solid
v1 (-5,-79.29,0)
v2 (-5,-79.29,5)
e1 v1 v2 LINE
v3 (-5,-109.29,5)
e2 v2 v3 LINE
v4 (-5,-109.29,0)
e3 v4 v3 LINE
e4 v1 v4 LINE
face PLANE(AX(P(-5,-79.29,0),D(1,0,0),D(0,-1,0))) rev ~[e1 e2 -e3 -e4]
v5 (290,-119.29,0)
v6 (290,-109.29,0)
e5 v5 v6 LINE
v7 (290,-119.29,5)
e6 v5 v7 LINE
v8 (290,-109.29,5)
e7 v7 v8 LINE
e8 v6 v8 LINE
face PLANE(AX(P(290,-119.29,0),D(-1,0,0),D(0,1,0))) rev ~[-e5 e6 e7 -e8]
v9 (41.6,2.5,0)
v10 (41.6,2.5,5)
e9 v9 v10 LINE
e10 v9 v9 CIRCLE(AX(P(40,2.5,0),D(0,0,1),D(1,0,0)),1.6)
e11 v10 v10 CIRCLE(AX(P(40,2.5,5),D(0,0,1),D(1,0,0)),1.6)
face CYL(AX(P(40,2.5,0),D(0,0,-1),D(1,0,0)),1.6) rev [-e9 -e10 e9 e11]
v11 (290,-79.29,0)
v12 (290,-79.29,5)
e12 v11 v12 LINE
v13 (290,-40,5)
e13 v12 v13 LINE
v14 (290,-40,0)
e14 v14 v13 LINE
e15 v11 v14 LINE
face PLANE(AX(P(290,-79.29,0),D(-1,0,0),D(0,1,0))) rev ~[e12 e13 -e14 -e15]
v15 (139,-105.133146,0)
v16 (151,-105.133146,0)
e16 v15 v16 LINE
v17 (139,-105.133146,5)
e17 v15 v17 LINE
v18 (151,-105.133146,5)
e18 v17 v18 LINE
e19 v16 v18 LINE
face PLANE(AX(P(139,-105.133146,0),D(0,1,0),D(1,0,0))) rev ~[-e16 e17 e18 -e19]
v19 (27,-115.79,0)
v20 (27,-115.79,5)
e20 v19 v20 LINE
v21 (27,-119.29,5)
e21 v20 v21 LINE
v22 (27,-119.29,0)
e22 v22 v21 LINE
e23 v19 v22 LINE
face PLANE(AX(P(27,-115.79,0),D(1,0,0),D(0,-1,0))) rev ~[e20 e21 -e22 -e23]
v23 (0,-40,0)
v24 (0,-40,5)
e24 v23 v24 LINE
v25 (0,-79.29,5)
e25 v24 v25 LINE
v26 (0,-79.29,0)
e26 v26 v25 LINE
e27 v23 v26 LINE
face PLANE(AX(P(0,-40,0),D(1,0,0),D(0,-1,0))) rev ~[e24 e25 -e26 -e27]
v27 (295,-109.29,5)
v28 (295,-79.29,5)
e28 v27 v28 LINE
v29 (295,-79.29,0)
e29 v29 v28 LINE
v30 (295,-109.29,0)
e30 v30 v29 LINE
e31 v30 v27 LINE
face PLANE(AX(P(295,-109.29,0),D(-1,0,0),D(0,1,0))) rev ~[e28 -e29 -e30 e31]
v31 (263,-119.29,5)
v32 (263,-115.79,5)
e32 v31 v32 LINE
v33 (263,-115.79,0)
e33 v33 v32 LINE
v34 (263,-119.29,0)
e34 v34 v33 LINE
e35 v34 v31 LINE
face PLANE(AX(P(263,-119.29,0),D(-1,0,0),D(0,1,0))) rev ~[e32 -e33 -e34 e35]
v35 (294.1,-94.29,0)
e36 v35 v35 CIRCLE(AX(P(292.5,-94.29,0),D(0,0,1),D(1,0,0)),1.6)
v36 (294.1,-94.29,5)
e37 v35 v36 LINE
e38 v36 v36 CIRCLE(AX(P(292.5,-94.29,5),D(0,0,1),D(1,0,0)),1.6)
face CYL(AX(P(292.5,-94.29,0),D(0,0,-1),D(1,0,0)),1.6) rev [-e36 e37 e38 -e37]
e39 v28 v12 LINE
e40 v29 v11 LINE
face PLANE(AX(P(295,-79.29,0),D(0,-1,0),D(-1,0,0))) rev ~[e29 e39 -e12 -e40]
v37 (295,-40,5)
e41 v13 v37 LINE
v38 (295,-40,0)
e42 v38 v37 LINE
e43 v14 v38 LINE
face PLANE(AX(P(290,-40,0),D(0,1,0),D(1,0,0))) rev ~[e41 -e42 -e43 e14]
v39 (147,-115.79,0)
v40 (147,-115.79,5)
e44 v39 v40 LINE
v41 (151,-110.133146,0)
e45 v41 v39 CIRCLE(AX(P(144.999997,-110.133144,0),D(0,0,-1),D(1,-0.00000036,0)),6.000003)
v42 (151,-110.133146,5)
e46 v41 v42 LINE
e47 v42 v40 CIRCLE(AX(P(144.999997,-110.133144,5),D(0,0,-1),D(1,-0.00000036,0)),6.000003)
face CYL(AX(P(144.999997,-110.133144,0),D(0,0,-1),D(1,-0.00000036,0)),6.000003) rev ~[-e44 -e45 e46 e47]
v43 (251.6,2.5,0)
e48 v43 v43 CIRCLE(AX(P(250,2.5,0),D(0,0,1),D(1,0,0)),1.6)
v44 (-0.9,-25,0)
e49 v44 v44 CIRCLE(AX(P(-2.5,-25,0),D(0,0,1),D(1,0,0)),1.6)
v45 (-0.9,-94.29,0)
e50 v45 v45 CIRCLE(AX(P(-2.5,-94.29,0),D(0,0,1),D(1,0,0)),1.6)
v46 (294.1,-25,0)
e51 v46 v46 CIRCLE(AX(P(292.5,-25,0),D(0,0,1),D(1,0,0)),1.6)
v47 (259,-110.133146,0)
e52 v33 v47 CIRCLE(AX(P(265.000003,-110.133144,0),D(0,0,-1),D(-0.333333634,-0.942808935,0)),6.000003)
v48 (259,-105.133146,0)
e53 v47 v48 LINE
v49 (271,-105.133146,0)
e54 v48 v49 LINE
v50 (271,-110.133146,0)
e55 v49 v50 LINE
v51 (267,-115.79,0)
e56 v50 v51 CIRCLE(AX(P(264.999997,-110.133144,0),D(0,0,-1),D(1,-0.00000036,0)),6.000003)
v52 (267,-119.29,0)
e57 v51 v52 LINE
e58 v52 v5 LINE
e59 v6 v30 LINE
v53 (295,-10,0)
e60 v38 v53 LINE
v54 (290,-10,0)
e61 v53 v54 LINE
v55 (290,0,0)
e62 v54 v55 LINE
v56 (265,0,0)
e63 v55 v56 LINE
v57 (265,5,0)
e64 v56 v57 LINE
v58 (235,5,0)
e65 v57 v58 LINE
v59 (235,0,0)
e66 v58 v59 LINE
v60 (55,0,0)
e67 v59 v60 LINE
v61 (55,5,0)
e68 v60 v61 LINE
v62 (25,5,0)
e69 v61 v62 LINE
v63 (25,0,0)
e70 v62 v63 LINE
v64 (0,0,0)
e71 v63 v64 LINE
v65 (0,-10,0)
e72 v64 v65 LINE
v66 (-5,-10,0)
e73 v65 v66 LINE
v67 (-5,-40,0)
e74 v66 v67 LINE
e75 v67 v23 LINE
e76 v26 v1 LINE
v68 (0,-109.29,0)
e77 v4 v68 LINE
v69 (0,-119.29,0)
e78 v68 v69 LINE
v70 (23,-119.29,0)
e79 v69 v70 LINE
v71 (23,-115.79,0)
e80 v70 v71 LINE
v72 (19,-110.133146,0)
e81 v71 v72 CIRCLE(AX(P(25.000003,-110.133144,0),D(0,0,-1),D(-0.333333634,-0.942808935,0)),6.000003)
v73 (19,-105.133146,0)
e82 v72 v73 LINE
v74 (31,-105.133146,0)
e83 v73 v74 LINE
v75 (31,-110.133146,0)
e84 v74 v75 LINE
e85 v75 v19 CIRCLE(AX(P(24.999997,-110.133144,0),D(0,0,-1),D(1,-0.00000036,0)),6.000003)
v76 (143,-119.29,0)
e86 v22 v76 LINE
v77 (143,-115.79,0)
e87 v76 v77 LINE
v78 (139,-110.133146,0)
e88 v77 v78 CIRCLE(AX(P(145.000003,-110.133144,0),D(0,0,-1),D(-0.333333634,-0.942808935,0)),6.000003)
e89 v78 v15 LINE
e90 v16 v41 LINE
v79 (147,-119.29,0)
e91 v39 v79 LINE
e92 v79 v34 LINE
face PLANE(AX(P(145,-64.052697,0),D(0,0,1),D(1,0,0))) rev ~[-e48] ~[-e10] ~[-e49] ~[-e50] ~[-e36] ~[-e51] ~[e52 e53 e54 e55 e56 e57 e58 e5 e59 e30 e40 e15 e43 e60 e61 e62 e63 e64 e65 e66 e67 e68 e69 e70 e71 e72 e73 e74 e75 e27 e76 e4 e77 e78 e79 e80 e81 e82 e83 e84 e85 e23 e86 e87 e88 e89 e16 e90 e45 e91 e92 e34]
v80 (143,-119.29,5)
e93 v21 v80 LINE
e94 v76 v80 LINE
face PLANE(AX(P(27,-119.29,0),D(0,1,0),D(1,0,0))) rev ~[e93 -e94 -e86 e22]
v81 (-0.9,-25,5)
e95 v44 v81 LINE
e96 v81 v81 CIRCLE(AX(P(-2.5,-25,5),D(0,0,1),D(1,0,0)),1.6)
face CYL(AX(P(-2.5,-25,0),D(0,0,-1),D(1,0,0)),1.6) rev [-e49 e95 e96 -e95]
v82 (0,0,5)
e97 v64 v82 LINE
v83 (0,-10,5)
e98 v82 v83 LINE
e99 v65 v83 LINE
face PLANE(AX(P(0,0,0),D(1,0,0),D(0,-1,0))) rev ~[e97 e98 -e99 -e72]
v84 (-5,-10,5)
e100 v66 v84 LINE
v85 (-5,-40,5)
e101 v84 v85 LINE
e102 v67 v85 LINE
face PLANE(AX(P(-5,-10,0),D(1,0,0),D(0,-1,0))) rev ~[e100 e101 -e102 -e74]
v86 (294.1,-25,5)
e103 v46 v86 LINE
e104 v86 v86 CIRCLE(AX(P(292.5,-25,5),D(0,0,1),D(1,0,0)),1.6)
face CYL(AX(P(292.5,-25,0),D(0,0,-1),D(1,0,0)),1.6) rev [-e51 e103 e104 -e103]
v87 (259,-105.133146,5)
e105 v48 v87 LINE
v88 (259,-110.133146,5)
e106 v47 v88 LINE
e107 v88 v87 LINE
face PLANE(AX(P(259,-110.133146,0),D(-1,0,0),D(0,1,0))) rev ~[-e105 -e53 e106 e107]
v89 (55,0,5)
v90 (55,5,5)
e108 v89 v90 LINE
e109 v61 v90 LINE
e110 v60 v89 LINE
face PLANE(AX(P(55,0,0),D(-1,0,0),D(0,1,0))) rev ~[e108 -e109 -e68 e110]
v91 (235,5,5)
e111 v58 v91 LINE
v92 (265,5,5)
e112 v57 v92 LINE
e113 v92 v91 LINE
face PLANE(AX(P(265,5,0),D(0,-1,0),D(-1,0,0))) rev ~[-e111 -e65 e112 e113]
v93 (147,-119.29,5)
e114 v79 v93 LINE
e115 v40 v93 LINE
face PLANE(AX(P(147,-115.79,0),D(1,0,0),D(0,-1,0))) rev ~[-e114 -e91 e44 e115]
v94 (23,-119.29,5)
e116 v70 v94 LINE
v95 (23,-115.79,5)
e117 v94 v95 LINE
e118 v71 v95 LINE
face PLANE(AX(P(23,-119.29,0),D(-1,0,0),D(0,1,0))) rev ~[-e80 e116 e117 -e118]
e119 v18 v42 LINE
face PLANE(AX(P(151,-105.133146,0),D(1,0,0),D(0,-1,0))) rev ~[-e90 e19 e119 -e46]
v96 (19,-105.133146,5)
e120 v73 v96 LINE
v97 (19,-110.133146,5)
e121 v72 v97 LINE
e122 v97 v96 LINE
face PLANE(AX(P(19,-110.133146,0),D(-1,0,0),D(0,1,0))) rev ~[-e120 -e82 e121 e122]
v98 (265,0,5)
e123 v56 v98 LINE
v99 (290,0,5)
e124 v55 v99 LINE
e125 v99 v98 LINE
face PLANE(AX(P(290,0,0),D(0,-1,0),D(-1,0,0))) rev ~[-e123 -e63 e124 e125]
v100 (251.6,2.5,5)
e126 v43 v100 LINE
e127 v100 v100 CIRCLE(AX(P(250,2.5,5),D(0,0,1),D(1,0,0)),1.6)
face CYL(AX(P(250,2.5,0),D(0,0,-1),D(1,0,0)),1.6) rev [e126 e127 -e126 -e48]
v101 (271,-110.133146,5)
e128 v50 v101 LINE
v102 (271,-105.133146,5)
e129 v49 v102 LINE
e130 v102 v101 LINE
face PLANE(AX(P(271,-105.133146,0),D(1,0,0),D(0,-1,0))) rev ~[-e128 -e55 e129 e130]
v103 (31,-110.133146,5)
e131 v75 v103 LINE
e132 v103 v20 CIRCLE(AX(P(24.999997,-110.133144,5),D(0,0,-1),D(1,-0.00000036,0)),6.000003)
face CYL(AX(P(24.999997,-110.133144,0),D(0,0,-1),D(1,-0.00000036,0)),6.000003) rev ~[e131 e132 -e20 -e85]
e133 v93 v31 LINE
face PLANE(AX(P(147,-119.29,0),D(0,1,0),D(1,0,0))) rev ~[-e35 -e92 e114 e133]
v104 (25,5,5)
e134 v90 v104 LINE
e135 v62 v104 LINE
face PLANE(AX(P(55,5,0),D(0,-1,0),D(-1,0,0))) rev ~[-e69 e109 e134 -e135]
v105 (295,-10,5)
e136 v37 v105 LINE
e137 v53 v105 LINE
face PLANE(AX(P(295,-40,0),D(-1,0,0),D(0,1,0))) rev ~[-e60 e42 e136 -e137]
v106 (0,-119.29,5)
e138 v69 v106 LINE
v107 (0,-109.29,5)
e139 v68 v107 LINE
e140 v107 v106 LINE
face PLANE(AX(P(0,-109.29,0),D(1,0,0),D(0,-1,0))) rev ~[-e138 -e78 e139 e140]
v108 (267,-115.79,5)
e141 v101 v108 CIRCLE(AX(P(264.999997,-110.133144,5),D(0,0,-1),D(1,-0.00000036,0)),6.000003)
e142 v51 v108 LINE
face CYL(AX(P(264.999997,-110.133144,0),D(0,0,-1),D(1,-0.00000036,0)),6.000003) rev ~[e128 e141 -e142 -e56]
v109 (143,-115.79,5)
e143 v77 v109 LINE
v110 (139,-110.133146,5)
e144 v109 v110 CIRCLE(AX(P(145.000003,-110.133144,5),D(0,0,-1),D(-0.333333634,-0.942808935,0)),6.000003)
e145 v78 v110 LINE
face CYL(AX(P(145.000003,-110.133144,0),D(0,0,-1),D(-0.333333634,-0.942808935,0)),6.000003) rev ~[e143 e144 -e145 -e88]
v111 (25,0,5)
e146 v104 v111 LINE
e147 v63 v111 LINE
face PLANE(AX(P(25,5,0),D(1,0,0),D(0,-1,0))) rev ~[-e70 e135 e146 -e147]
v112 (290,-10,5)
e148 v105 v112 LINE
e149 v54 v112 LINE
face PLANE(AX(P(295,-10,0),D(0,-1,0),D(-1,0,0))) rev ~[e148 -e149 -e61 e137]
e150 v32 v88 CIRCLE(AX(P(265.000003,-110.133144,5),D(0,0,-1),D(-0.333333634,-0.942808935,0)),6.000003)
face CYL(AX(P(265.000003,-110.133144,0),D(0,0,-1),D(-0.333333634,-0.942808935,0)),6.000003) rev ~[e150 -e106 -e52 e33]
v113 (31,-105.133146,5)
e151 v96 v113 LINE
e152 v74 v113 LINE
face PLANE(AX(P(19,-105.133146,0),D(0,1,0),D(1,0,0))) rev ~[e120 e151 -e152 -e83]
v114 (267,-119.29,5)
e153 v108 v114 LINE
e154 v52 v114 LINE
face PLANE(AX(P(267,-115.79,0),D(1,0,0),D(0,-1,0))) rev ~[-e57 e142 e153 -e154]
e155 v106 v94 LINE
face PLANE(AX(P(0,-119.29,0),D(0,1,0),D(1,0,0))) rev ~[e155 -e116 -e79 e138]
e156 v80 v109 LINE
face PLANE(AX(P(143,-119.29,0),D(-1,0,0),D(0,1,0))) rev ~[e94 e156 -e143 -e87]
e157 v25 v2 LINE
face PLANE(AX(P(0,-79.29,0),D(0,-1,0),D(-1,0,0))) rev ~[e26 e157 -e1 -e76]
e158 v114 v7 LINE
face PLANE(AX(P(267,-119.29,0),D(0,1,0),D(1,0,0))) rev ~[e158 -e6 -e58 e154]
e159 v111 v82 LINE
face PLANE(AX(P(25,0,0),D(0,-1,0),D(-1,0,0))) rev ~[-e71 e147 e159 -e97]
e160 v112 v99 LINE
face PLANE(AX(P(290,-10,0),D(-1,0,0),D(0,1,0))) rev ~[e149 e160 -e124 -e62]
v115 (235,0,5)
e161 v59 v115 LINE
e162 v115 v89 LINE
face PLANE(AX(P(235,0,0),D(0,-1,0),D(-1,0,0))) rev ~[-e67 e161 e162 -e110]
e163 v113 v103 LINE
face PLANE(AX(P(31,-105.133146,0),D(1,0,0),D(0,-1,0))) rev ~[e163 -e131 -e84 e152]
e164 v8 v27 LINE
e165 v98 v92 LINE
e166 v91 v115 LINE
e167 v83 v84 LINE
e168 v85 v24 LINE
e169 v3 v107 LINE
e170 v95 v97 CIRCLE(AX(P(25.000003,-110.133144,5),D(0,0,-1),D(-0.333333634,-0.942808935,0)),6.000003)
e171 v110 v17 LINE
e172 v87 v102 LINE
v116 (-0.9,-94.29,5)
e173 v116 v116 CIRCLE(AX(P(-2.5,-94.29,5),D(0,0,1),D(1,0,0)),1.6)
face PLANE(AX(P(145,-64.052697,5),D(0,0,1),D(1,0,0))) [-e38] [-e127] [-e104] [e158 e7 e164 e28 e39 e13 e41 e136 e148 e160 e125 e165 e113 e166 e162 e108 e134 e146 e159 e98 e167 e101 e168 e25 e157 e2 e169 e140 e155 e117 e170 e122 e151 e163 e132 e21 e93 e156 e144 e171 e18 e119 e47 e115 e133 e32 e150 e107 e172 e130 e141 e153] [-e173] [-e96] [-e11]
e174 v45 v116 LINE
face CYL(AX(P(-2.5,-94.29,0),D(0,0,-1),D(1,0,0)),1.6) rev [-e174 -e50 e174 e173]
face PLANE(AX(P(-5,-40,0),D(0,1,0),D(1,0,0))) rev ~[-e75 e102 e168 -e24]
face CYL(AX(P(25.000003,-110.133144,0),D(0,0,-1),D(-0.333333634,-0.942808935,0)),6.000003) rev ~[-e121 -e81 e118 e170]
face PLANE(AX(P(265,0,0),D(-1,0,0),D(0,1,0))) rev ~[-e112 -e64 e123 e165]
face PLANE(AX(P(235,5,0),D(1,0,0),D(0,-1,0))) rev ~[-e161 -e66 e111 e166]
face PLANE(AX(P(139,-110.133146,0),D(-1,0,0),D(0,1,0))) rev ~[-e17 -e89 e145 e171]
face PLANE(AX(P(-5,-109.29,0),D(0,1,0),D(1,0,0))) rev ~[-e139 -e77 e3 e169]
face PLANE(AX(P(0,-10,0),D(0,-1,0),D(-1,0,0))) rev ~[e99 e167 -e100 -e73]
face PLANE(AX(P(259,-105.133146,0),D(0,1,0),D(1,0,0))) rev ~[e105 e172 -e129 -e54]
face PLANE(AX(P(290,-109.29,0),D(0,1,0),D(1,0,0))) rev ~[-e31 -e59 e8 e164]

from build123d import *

# Parameters (mm, degrees)
F0_R     = 1.6
F1_DEPTH = 5


with BuildPart() as f1:
    # F0 (on Top) → F1 (new body)
    with BuildSketch(Plane.XY):
        with BuildLine():
            Line((25, 0), (0, 0))
            Line((0, 0), (0, -10))
            Line((0, -10), (-5, -10))
            Line((-5, -10), (-5, -40))
            Line((-5, -40), (0, -40))
            Line((0, -40), (0, -79.29))
            Line((0, -79.29), (-5, -79.29))
            Line((-5, -79.29), (-5, -109.29))
            Line((-5, -109.29), (0, -109.29))
            Line((0, -109.29), (0, -119.29))
            Line((0, -119.29), (23, -119.29))
            Line((23, -119.29), (23, -115.79))
            ThreePointArc((23, -115.79), (20.101021, -113.597247), (19, -110.133146))
            Line((19, -110.133146), (19, -105.133146))
            Line((19, -105.133146), (31, -105.133146))
            Line((31, -105.133146), (31, -110.133146))
            ThreePointArc((31, -110.133146), (29.898979, -113.597247), (27, -115.79))
            Line((27, -115.79), (27, -119.29))
            Line((27, -119.29), (143, -119.29))
            Line((143, -119.29), (143, -115.79))
            ThreePointArc((143, -115.79), (140.101021, -113.597247), (139, -110.133146))
            Line((139, -110.133146), (139, -105.133146))
            Line((139, -105.133146), (151, -105.133146))
            Line((151, -105.133146), (151, -110.133146))
            ThreePointArc((151, -110.133146), (149.898979, -113.597247), (147, -115.79))
            Line((147, -115.79), (147, -119.29))
            Line((147, -119.29), (263, -119.29))
            Line((263, -119.29), (263, -115.79))
            ThreePointArc((263, -115.79), (260.101021, -113.597247), (259, -110.133146))
            Line((259, -110.133146), (259, -105.133146))
            Line((259, -105.133146), (271, -105.133146))
            Line((271, -105.133146), (271, -110.133146))
            ThreePointArc((271, -110.133146), (269.898979, -113.597247), (267, -115.79))
            Line((267, -115.79), (267, -119.29))
            Line((267, -119.29), (290, -119.29))
            Line((290, -119.29), (290, -109.29))
            Line((290, -109.29), (295, -109.29))
            Line((295, -109.29), (295, -79.29))
            Line((295, -79.29), (290, -79.29))
            Line((290, -79.29), (290, -40))
            Line((290, -40), (295, -40))
            Line((295, -40), (295, -10))
            Line((295, -10), (290, -10))
            Line((290, -10), (290, 0))
            Line((290, 0), (265, 0))
            Line((265, 0), (265, 5))
            Line((265, 5), (235, 5))
            Line((235, 5), (235, 0))
            Line((235, 0), (55, 0))
            Line((55, 0), (55, 5))
            Line((55, 5), (25, 5))
            Line((25, 5), (25, 0))
        make_face()
        with Locations((-2.5, -94.29)):
            Circle(F0_R, mode=Mode.SUBTRACT)
        with Locations((292.5, -94.29)):
            Circle(F0_R, mode=Mode.SUBTRACT)
        with Locations((-2.5, -25)):
            Circle(F0_R, mode=Mode.SUBTRACT)
        with Locations((40, 2.5)):
            Circle(F0_R, mode=Mode.SUBTRACT)
        with Locations((292.5, -25)):
            Circle(F0_R, mode=Mode.SUBTRACT)
        with Locations((250, 2.5)):
            Circle(F0_R, mode=Mode.SUBTRACT)
    extrude(amount=F1_DEPTH)


solid = f1.part
